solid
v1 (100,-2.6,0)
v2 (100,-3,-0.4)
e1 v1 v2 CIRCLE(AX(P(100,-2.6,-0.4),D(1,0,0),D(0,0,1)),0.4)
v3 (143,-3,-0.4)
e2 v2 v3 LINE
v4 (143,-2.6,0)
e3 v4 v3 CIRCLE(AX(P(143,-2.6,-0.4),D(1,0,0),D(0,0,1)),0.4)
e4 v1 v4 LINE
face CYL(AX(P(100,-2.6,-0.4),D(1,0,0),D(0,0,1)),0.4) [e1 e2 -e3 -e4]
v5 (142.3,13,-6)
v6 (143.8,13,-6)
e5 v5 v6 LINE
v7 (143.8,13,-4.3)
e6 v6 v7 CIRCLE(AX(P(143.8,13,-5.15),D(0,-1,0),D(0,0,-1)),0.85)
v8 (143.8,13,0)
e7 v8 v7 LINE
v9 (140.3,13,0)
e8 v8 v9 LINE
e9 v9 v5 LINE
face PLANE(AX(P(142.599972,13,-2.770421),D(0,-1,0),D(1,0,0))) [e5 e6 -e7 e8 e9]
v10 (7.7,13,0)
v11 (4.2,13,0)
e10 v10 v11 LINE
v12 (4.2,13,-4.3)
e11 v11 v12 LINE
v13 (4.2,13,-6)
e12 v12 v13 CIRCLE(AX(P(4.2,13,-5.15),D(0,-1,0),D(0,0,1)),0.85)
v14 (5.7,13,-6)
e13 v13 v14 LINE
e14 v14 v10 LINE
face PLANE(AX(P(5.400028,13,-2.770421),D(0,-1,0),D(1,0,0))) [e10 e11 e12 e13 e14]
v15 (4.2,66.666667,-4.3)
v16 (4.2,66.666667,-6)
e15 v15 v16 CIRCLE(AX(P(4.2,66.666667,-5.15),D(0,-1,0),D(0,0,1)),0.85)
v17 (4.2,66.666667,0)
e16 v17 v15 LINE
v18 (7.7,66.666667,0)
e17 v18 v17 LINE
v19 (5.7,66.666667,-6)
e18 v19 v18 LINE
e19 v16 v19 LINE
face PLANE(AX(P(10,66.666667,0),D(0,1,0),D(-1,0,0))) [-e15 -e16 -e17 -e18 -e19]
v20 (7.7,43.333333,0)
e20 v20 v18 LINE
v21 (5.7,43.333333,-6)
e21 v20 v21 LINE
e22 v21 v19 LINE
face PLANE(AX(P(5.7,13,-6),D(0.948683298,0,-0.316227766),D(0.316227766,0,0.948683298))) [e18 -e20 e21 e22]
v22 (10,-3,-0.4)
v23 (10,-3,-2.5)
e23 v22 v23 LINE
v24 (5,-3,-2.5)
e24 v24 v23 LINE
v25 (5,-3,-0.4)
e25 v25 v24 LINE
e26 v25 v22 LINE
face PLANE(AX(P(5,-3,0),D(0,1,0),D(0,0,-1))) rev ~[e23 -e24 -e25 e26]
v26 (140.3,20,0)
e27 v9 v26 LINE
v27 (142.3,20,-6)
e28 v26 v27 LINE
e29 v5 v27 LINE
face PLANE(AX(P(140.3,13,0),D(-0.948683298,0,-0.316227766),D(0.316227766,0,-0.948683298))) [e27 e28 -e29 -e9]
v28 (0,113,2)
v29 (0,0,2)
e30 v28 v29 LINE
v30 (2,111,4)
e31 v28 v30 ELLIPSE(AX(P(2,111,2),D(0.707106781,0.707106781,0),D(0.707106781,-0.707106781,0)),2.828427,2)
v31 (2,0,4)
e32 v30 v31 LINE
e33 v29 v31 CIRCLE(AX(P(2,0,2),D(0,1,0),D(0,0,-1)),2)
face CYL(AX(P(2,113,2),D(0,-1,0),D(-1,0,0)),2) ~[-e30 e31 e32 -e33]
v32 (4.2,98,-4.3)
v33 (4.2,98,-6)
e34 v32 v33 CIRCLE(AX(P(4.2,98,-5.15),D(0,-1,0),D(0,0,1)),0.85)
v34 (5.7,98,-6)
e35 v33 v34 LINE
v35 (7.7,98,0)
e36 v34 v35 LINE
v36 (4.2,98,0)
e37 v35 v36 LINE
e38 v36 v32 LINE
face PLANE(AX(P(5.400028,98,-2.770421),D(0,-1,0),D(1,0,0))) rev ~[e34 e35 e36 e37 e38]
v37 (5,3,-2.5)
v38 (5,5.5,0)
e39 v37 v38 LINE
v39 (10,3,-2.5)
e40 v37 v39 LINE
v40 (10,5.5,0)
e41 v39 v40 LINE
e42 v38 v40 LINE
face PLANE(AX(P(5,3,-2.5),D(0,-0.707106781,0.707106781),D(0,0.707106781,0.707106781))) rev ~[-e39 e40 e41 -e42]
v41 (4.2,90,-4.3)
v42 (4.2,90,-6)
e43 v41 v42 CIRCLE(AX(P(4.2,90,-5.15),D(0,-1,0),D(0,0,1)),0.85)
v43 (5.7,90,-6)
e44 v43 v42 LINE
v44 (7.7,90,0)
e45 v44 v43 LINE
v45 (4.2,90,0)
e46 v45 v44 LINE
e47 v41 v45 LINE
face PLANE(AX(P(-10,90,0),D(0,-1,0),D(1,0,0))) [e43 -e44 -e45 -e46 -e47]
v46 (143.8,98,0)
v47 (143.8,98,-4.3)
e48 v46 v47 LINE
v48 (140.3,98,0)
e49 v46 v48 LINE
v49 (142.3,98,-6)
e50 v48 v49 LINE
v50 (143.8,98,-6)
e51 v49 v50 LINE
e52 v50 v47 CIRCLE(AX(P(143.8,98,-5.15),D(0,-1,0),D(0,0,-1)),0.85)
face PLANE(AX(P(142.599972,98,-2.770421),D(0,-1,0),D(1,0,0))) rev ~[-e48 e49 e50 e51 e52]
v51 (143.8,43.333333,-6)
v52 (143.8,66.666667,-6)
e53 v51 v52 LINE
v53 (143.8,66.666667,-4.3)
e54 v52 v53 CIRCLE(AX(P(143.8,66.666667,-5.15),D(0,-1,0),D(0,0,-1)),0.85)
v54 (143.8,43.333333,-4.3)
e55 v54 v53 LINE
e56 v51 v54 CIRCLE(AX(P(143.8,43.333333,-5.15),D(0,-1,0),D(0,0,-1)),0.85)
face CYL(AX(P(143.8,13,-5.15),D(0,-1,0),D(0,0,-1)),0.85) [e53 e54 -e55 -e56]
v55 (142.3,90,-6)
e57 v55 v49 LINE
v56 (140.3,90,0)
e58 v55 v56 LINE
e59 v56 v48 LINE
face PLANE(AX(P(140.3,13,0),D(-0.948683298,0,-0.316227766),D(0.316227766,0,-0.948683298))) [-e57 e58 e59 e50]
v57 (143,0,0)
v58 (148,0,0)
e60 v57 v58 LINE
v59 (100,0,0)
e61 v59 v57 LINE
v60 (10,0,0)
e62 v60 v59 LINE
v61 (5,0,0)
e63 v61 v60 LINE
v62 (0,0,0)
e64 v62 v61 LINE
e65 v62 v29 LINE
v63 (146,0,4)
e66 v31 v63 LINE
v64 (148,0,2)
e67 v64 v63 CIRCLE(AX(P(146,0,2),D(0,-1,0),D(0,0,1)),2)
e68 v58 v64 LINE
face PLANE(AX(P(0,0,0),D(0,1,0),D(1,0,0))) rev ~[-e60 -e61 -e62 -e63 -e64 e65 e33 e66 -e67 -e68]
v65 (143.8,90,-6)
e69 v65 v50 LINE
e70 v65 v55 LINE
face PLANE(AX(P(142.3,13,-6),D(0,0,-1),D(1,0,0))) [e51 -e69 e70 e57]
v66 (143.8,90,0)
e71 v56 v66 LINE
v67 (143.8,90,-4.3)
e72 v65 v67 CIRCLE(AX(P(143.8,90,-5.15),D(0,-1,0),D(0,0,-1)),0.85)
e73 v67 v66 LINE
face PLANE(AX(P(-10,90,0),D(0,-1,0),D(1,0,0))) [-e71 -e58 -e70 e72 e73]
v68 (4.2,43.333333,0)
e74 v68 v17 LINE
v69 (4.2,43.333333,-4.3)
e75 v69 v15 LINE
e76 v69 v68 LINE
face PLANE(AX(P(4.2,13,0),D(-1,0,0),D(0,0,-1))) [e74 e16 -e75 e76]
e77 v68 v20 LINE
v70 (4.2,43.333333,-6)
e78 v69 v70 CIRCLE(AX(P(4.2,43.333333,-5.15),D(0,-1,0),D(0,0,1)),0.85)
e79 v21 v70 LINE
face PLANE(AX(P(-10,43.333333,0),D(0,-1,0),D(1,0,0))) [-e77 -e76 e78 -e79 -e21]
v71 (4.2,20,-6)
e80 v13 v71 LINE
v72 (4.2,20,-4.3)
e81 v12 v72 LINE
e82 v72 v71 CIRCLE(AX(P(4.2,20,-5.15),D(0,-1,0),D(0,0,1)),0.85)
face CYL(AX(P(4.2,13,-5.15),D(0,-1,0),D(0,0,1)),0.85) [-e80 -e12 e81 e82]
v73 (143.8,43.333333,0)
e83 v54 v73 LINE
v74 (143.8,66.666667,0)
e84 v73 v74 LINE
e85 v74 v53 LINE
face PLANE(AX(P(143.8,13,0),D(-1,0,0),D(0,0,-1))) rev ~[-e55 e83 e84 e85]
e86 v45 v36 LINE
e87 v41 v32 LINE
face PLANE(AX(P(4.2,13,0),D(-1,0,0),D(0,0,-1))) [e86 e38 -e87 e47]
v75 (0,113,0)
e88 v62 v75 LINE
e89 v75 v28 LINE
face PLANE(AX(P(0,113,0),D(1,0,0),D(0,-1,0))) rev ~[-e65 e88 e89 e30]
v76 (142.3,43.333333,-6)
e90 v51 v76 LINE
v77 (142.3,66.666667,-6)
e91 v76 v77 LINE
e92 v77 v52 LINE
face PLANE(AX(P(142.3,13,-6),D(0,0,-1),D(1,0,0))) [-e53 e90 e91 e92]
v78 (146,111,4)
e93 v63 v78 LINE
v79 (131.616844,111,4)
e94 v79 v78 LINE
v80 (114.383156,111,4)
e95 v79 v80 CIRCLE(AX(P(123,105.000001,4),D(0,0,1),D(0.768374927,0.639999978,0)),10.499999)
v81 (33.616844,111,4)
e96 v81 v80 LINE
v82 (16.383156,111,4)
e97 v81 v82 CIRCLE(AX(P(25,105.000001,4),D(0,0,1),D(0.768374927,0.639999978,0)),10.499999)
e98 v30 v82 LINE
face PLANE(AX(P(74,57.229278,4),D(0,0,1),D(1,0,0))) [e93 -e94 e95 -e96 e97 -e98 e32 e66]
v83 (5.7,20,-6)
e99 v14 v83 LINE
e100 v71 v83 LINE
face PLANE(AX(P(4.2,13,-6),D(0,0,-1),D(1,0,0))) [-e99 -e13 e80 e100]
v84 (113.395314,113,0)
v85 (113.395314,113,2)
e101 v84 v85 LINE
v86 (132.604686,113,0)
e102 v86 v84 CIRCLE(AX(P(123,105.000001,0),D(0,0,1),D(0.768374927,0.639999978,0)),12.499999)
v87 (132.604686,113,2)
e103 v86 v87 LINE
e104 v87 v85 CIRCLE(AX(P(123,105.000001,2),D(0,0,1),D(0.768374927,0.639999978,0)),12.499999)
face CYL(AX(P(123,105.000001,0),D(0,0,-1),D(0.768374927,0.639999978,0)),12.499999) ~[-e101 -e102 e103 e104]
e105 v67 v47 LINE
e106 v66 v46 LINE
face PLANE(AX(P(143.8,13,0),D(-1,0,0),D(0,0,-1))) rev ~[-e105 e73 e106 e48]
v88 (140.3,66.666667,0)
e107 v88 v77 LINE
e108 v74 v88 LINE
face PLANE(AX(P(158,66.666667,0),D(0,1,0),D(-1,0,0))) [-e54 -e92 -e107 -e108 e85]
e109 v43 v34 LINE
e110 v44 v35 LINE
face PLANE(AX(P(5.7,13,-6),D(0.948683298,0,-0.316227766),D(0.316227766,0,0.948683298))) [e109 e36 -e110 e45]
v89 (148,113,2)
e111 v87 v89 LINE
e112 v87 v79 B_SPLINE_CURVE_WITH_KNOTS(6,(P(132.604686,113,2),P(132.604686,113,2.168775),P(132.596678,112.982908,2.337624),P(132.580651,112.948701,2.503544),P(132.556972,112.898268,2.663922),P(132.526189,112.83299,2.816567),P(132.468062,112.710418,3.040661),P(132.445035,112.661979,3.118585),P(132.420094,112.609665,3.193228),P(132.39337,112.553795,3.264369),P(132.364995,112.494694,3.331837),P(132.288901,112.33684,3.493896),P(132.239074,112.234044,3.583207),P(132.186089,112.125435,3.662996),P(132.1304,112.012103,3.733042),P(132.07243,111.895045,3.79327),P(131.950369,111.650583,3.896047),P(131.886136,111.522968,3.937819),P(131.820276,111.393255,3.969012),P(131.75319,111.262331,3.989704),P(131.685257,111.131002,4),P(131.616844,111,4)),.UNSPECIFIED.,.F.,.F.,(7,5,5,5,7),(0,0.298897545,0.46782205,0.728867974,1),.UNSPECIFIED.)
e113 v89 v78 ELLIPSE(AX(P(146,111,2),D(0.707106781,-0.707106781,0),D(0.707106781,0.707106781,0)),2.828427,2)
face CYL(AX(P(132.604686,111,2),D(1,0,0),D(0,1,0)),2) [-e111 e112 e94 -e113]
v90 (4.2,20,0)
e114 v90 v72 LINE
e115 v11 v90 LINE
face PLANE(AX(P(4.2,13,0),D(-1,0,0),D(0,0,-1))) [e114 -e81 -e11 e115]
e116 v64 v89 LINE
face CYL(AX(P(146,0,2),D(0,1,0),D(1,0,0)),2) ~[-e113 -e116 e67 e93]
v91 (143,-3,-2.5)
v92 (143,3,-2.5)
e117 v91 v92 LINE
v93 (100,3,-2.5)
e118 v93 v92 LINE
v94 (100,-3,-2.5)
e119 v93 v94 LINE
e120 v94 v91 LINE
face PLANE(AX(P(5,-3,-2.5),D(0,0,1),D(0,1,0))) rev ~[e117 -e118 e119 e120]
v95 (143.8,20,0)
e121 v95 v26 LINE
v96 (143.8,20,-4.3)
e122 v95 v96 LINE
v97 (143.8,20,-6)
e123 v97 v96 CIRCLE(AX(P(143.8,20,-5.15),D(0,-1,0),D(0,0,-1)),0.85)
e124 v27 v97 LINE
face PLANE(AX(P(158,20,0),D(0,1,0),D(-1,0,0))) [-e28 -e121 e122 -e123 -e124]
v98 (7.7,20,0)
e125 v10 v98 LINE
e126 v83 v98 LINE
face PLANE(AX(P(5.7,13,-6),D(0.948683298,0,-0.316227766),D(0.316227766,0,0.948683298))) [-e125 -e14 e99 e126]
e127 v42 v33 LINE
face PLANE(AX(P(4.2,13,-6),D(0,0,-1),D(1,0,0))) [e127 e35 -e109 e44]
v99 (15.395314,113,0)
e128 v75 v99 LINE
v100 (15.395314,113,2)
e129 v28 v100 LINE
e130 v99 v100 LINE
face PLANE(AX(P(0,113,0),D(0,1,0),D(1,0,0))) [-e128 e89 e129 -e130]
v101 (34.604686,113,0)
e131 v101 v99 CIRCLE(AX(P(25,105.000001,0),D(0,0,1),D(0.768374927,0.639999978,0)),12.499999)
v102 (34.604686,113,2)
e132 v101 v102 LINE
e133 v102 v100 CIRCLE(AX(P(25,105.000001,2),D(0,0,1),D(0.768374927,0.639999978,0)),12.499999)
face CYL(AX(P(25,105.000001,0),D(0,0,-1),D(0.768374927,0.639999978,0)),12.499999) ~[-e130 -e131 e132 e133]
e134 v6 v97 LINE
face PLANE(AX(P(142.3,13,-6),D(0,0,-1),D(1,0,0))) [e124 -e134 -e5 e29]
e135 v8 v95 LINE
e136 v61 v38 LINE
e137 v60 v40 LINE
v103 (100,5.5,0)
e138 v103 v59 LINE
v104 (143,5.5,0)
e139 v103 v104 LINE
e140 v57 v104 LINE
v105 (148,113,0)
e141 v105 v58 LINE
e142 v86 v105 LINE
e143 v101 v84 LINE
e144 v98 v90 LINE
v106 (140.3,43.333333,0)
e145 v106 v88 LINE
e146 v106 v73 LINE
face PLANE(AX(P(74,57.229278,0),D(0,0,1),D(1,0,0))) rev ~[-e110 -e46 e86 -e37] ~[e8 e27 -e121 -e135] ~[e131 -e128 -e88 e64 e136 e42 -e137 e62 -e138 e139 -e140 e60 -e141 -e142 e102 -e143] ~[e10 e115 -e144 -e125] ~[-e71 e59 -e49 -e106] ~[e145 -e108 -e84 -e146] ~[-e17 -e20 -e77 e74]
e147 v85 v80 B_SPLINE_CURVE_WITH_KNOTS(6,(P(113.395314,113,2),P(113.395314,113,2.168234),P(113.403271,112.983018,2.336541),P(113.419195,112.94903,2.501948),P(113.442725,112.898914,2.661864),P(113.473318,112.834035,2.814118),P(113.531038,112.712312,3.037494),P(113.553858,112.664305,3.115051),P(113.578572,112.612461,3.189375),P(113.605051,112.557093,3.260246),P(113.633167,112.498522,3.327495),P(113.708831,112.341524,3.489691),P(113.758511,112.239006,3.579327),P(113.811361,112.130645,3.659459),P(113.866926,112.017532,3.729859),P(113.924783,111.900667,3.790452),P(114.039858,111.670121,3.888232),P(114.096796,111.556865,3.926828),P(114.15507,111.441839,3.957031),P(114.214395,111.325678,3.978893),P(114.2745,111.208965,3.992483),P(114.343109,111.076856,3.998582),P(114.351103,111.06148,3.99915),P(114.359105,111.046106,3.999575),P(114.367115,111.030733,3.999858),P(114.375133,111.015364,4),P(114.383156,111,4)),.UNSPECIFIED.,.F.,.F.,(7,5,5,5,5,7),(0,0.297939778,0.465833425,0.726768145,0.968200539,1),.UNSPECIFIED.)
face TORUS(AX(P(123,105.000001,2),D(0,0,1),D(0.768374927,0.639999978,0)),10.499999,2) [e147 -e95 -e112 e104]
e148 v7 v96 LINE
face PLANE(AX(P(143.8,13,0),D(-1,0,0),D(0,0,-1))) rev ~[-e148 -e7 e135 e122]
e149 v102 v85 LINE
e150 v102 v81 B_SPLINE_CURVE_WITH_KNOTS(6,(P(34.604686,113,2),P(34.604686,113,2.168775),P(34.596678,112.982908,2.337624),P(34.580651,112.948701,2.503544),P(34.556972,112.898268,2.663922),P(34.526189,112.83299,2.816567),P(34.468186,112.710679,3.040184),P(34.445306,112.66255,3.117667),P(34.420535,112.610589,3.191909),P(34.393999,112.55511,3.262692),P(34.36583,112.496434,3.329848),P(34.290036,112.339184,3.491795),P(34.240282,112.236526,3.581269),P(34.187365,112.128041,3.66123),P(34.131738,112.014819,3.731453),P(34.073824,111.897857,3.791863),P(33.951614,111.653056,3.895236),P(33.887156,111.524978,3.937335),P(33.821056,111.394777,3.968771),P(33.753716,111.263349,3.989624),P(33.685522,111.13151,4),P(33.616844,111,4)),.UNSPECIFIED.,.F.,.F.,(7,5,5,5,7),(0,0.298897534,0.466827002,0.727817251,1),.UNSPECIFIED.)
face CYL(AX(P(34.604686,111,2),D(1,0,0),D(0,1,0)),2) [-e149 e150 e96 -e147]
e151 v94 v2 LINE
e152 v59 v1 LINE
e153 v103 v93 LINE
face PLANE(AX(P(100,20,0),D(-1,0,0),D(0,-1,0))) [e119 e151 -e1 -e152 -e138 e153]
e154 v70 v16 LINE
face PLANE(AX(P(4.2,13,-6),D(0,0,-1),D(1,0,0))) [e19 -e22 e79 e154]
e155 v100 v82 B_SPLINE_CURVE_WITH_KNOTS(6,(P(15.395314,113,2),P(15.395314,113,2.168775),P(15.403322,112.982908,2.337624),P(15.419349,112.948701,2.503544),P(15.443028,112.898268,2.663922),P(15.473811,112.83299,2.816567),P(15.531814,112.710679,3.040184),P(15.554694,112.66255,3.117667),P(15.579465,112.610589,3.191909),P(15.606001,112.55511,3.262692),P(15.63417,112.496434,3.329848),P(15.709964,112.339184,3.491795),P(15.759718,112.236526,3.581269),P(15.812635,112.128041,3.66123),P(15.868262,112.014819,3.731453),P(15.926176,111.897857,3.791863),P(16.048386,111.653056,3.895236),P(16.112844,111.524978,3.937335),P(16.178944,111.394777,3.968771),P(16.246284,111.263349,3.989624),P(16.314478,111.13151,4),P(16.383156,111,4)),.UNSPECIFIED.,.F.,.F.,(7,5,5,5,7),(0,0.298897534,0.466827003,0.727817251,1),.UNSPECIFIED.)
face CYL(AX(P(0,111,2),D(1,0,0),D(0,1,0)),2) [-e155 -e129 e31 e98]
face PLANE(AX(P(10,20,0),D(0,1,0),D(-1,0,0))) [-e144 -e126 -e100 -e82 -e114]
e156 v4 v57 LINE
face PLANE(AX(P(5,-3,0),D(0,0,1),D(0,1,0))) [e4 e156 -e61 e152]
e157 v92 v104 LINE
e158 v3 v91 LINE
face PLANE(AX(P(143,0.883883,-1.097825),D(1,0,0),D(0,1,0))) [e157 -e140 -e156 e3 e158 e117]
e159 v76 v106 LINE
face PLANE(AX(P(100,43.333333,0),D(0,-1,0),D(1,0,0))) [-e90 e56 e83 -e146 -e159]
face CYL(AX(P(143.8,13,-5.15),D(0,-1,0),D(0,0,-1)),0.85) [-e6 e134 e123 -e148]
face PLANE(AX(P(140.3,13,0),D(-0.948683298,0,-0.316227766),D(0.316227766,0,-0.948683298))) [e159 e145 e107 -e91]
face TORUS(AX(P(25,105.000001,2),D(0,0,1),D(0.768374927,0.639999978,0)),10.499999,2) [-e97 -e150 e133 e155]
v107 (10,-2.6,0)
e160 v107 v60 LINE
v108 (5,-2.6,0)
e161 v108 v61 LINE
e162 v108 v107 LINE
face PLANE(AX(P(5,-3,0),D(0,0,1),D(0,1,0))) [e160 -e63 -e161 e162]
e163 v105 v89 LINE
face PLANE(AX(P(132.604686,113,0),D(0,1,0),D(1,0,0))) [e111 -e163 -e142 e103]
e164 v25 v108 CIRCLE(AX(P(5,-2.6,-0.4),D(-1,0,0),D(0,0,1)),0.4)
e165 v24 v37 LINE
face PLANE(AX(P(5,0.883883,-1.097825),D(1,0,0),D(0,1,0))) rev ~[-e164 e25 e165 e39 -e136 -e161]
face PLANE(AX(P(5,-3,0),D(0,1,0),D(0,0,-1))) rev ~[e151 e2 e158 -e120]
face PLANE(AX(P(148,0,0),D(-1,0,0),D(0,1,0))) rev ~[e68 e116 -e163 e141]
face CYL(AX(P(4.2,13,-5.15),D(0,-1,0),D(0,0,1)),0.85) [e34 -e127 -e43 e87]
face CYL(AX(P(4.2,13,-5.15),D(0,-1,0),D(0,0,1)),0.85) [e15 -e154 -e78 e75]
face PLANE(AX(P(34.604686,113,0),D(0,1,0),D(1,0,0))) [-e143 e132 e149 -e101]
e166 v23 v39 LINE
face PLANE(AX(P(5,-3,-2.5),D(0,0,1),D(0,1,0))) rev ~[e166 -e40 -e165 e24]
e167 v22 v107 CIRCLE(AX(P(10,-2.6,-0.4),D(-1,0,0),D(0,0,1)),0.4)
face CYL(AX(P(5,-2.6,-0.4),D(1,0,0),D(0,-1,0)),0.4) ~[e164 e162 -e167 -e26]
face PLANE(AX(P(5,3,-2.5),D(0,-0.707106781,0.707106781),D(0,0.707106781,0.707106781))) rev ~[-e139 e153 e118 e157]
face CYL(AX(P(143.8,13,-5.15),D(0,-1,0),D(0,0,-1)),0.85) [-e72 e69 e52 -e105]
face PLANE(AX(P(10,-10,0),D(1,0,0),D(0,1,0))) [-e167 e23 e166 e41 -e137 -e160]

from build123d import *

# Parameters (mm, degrees)
PAD_DEPTH    = 4
PAD001_DEPTH = 138
PAD002_DEPTH = 85
POCKET_DEPTH = 10
FILLET_R     = 0.4
FILLET001_R  = 2


with BuildPart() as part:
    # Sketch → Pad (new body)
    with BuildSketch(Plane.XY):
        with BuildLine():
            Line((0, 0), (148, 0))
            Line((148, 0), (148, 113))
            Line((132.604686, 113), (148, 113))
            ThreePointArc((132.604686, 113), (123, 117.5), (113.395314, 113))
            Line((34.604686, 113), (113.395314, 113))
            ThreePointArc((34.604686, 113), (25, 117.5), (15.395314, 113))
            Line((0, 113), (15.395314, 113))
            Line((0, 113), (0, 0))
        make_face()
    extrude(amount=PAD_DEPTH)

    # Sketch001 (on Face3 of Pad) → Pad001 (join)
    with BuildSketch(Plane(origin=(5, 0, 0), x_dir=(0, -1, 0), z_dir=(-1, 0, 0))):
        Polygon((3, 0), (3, -2.5), (-3, -2.5), (-5.5, 0), (0, 0), align=None)
    extrude(amount=-PAD001_DEPTH)

    # Sketch002 (on Face10 of Pad001) → Pad002 (join)
    with BuildSketch(Plane.XZ.offset(-13)):
        with BuildLine():
            Line((143.8, 0), (140.3, 0))
            Line((140.3, 0), (142.3, -6))
            Line((142.3, -6), (143.8, -6))
            ThreePointArc((143.8, -6), (144.65, -5.15), (143.8, -4.3))
            Line((143.8, 0), (143.8, -4.3))
        make_face()
        with BuildLine():
            Line((4.2, 0), (4.2, -4.3))
            ThreePointArc((4.2, -4.3), (3.35, -5.15), (4.2, -6))
            Line((4.2, -6), (5.7, -6))
            Line((5.7, -6), (7.7, 0))
            Line((7.7, 0), (4.2, 0))
        make_face()
    extrude(amount=-PAD002_DEPTH)

    # Sketch003 (on Face4 of Pad002) → Pocket (cut)
    with BuildSketch(Plane(origin=(0, 0, 0), x_dir=(1, 0, 0), z_dir=(0, 0, -1))):
        Polygon((100, 10), (10, 10), (10, -20), (-10, -20), (-10, -43.333333), (10, -43.333333), (10, -66.666667), (-10, -66.666667), (-10, -90), (158, -90), (158, -66.666667), (100, -66.666667), (100, -43.333333), (158, -43.333333), (158, -20), (100, -20), align=None)
    extrude(amount=POCKET_DEPTH, mode=Mode.SUBTRACT)

    # Fillet
    fillet_edges = [part.edges().sort_by_distance(p)[0] for p in [
        (121.5, -3, 0),
        (7.5, -3, 0),
    ]]
    fillet(fillet_edges, radius=FILLET_R)

    # Fillet001
    fillet001_edges = [part.edges().sort_by_distance(p)[0] for p in [
        (0, 56.5, 4),
        (7.697657, 113, 4),
        (25, 117.5, 4),
        (74, 113, 4),
        (148, 56.5, 4),
        (140.302343, 113, 4),
        (123, 117.5, 4),
    ]]
    fillet(fillet001_edges, radius=FILLET001_R)


solid = part.part
